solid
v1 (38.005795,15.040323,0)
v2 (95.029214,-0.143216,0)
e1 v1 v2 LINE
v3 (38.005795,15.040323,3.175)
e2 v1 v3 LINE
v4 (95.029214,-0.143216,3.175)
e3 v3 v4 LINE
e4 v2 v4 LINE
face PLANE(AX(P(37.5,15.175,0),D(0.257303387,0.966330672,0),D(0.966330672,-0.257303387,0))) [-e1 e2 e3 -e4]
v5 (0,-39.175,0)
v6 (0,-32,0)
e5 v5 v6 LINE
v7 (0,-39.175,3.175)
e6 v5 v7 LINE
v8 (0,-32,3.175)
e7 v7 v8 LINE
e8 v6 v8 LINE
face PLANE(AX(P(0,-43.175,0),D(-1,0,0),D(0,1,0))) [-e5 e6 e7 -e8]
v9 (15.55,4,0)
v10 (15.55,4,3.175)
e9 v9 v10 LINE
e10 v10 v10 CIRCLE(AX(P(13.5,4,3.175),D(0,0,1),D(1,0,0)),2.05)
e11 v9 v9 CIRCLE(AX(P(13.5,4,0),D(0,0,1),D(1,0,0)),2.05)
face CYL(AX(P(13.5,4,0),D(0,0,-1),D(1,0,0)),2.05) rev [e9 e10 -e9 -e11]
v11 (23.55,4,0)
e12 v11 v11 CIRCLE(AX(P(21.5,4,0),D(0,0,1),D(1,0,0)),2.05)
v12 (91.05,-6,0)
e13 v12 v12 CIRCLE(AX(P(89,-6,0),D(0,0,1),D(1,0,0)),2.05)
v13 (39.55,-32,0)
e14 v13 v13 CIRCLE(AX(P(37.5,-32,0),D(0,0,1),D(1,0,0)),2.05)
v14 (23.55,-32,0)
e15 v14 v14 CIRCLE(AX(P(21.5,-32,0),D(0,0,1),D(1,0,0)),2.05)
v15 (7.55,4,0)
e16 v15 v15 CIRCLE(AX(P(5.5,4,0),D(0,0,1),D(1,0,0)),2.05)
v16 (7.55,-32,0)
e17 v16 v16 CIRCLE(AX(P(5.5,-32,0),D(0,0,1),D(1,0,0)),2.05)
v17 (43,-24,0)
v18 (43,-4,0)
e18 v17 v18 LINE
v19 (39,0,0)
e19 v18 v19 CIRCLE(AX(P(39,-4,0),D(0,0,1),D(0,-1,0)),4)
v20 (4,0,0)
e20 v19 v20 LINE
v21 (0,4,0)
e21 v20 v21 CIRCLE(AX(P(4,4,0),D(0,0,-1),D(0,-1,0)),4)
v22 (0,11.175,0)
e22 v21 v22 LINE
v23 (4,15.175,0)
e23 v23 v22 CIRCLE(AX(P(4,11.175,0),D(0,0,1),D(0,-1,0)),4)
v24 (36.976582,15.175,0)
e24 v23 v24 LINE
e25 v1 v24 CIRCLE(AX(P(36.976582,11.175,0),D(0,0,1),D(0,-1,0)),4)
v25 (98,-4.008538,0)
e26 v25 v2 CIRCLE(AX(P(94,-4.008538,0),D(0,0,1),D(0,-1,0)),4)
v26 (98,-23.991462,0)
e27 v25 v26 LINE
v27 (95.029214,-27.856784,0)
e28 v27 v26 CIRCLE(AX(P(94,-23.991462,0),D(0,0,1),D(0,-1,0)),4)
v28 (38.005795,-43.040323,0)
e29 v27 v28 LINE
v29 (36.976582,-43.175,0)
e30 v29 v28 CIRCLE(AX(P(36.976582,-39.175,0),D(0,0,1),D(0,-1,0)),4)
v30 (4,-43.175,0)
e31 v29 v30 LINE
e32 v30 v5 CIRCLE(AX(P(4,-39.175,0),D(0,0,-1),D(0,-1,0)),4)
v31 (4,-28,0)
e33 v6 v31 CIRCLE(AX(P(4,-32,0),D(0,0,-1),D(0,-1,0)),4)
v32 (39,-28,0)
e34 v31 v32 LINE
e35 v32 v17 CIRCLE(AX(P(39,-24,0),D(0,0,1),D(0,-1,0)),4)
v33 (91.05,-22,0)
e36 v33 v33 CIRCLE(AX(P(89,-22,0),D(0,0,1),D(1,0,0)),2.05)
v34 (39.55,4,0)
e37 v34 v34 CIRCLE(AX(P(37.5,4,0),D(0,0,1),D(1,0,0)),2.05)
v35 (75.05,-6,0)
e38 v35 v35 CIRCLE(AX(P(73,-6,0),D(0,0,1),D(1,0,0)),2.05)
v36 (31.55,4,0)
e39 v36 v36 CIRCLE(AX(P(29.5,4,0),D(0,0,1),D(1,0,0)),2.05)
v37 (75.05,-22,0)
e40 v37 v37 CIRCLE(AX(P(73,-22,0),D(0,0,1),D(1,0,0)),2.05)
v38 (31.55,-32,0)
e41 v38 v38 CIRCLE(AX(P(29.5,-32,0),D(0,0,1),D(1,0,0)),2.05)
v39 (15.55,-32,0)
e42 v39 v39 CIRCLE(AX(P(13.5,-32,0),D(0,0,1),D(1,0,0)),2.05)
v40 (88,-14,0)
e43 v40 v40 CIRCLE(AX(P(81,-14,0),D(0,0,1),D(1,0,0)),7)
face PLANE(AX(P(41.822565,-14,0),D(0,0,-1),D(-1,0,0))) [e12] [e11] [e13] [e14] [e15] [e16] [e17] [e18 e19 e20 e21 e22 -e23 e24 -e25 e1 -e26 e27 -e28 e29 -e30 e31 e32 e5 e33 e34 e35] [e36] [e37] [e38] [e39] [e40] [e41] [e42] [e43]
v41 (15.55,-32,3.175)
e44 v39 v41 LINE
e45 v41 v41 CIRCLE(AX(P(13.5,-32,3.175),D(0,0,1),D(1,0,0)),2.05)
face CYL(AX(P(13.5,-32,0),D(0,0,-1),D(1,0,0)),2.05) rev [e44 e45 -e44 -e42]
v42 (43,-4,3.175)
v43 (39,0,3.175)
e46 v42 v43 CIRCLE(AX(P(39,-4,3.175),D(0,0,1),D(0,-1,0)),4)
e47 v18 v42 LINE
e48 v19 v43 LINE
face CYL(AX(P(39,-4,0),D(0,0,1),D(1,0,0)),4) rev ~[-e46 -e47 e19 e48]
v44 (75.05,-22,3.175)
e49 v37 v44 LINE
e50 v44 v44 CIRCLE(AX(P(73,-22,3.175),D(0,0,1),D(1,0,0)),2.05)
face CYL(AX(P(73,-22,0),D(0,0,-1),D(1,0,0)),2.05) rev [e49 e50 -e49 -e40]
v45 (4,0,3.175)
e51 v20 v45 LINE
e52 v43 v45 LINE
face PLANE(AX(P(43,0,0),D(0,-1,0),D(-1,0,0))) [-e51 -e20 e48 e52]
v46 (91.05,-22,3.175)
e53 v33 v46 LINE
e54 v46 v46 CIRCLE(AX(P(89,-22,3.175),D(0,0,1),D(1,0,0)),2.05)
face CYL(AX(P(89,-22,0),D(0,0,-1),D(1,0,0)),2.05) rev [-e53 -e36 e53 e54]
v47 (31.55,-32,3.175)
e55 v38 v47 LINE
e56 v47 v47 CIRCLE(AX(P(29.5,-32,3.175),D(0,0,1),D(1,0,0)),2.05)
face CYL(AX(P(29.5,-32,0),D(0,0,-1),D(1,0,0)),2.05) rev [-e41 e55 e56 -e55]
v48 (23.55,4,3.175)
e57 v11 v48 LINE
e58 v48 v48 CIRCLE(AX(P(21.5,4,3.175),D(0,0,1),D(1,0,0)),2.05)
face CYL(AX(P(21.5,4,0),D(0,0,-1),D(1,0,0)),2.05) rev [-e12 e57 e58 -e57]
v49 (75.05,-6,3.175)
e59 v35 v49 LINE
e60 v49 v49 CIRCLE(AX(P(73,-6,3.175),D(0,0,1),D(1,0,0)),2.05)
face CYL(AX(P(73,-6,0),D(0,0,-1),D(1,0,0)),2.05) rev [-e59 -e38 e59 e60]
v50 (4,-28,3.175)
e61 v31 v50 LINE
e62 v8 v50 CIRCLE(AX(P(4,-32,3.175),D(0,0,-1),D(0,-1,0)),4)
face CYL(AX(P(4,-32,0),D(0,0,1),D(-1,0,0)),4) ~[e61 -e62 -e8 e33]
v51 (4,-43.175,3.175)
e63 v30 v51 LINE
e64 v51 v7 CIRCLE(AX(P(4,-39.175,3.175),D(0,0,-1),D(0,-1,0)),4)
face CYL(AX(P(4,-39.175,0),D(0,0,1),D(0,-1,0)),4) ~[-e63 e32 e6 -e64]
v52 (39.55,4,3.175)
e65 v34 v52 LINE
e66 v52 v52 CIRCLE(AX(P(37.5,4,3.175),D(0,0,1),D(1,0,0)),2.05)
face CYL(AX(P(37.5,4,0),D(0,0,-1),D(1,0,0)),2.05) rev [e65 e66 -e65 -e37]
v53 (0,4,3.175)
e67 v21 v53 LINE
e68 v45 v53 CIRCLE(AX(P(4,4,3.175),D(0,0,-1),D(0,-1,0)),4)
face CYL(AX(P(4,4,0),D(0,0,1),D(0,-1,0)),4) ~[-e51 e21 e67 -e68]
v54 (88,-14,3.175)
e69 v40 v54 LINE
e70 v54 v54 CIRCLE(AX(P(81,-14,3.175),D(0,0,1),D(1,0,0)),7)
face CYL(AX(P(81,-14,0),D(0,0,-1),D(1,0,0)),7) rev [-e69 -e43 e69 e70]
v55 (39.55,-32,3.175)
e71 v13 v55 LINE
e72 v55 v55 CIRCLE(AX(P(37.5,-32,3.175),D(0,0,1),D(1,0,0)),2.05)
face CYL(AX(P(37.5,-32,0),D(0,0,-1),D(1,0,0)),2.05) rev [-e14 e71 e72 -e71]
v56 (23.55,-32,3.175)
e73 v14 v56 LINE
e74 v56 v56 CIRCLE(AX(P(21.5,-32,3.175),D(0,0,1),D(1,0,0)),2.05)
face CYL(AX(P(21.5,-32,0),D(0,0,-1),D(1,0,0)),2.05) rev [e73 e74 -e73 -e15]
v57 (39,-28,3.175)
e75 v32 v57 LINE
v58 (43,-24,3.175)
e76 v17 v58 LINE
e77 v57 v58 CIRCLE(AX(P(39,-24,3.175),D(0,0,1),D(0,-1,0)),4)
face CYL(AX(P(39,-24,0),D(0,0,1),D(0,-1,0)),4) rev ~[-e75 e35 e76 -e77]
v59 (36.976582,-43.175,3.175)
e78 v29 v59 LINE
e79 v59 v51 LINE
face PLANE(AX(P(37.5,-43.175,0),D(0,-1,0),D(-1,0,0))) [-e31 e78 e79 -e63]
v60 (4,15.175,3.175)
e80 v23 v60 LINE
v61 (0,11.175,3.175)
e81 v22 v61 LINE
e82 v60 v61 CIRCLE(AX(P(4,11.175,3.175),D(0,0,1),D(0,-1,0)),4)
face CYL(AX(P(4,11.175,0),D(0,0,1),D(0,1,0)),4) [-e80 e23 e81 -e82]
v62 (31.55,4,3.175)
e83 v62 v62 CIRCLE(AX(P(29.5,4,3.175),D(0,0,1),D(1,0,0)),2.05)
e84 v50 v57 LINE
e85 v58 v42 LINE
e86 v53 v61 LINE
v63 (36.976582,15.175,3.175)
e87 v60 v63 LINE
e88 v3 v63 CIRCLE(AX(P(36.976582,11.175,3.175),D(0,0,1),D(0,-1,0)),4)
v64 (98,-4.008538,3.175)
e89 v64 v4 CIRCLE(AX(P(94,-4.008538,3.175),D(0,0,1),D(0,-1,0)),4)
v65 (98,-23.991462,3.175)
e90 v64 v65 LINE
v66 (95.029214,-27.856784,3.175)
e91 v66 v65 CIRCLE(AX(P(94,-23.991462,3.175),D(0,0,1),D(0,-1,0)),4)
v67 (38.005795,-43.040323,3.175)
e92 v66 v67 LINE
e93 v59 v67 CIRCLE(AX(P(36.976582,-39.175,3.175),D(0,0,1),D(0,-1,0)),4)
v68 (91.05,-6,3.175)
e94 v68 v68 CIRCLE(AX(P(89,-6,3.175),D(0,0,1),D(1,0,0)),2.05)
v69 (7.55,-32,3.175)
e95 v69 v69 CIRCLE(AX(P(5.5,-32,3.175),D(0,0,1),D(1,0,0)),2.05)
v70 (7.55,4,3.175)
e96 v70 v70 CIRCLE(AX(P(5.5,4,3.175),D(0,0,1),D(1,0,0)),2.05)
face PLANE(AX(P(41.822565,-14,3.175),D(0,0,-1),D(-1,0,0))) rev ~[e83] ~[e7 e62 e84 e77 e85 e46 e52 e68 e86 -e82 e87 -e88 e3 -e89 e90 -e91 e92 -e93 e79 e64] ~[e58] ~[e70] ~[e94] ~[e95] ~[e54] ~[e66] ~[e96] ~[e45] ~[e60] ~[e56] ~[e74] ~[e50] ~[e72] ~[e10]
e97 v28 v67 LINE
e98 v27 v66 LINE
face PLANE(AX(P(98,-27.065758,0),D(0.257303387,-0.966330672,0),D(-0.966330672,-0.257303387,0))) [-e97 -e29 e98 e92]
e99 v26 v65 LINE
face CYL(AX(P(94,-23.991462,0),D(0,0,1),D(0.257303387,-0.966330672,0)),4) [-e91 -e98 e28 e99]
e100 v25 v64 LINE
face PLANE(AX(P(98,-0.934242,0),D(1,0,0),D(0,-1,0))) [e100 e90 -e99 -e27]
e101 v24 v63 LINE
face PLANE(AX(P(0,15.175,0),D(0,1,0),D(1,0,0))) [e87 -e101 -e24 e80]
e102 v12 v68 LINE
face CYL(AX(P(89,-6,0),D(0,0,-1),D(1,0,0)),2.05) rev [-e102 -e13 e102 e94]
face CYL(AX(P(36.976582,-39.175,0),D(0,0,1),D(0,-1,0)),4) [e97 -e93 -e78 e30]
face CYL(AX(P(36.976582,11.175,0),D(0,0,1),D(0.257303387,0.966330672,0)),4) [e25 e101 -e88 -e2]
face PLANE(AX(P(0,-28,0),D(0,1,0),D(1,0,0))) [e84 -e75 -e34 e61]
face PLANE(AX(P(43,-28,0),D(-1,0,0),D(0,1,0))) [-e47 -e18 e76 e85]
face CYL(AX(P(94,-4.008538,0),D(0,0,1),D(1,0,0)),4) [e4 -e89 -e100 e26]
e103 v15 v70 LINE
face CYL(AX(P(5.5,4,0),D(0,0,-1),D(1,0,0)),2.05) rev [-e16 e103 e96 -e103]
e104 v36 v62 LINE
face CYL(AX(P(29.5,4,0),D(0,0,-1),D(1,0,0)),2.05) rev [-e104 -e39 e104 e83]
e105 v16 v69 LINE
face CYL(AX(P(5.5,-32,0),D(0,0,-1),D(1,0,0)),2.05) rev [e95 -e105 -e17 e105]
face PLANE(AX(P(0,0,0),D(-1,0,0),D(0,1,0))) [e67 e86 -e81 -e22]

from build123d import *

# Parameters (mm, degrees)
SKETCH1_R           = 7
SKETCH1_R_2         = 2.05
BOSS_EXTRUDE2_DEPTH = 3.175
FILLET2_R           = 4


with BuildPart() as part:
    # Sketch1 → Boss-Extrude2 (new body)
    with BuildSketch(Plane.XY):
        Polygon((37.5, -43.175), (0, -43.175), (0, -28), (43, -28), (43, 0), (0, 0), (0, 15.175), (37.5, 15.175), (98, -0.934242296), (98, -27.065757704), align=None)
        with Locations((81, -14)):
            Circle(SKETCH1_R, mode=Mode.SUBTRACT)
        with Locations((13.5, -32)):
            Circle(SKETCH1_R_2, mode=Mode.SUBTRACT)
        with Locations((29.5, -32)):
            Circle(SKETCH1_R_2, mode=Mode.SUBTRACT)
        with Locations((73, -6)):
            Circle(SKETCH1_R_2, mode=Mode.SUBTRACT)
        with Locations((89, -6)):
            Circle(SKETCH1_R_2, mode=Mode.SUBTRACT)
        with Locations((89, -22)):
            Circle(SKETCH1_R_2, mode=Mode.SUBTRACT)
        with Locations((73, -22)):
            Circle(SKETCH1_R_2, mode=Mode.SUBTRACT)
        with Locations((5.5, 4)):
            Circle(SKETCH1_R_2, mode=Mode.SUBTRACT)
        with Locations((13.5, 4)):
            Circle(SKETCH1_R_2, mode=Mode.SUBTRACT)
        with Locations((21.5, 4)):
            Circle(SKETCH1_R_2, mode=Mode.SUBTRACT)
        with Locations((29.5, 4)):
            Circle(SKETCH1_R_2, mode=Mode.SUBTRACT)
        with Locations((37.5, 4)):
            Circle(SKETCH1_R_2, mode=Mode.SUBTRACT)
        with Locations((37.5, -32)):
            Circle(SKETCH1_R_2, mode=Mode.SUBTRACT)
        with Locations((21.5, -32)):
            Circle(SKETCH1_R_2, mode=Mode.SUBTRACT)
        with Locations((5.5, -32)):
            Circle(SKETCH1_R_2, mode=Mode.SUBTRACT)
    extrude(amount=BOSS_EXTRUDE2_DEPTH)

    # Fillet2
    fillet2_edges = [part.edges().sort_by_distance(p)[0] for p in [
        (0, -43.175, 1.5875),
        (0, -28, 1.5875),
        (43, -28, 1.5875),
        (43, 0, 1.5875),
        (0, 0, 1.5875),
        (0, 15.175, 1.5875),
        (37.5, 15.175, 1.5875),
        (98, -0.934242296, 1.5875),
        (98, -27.065757704, 1.5875),
        (37.5, -43.175, 1.5875),
    ]]
    fillet(fillet2_edges, radius=FILLET2_R)


solid = part.part
